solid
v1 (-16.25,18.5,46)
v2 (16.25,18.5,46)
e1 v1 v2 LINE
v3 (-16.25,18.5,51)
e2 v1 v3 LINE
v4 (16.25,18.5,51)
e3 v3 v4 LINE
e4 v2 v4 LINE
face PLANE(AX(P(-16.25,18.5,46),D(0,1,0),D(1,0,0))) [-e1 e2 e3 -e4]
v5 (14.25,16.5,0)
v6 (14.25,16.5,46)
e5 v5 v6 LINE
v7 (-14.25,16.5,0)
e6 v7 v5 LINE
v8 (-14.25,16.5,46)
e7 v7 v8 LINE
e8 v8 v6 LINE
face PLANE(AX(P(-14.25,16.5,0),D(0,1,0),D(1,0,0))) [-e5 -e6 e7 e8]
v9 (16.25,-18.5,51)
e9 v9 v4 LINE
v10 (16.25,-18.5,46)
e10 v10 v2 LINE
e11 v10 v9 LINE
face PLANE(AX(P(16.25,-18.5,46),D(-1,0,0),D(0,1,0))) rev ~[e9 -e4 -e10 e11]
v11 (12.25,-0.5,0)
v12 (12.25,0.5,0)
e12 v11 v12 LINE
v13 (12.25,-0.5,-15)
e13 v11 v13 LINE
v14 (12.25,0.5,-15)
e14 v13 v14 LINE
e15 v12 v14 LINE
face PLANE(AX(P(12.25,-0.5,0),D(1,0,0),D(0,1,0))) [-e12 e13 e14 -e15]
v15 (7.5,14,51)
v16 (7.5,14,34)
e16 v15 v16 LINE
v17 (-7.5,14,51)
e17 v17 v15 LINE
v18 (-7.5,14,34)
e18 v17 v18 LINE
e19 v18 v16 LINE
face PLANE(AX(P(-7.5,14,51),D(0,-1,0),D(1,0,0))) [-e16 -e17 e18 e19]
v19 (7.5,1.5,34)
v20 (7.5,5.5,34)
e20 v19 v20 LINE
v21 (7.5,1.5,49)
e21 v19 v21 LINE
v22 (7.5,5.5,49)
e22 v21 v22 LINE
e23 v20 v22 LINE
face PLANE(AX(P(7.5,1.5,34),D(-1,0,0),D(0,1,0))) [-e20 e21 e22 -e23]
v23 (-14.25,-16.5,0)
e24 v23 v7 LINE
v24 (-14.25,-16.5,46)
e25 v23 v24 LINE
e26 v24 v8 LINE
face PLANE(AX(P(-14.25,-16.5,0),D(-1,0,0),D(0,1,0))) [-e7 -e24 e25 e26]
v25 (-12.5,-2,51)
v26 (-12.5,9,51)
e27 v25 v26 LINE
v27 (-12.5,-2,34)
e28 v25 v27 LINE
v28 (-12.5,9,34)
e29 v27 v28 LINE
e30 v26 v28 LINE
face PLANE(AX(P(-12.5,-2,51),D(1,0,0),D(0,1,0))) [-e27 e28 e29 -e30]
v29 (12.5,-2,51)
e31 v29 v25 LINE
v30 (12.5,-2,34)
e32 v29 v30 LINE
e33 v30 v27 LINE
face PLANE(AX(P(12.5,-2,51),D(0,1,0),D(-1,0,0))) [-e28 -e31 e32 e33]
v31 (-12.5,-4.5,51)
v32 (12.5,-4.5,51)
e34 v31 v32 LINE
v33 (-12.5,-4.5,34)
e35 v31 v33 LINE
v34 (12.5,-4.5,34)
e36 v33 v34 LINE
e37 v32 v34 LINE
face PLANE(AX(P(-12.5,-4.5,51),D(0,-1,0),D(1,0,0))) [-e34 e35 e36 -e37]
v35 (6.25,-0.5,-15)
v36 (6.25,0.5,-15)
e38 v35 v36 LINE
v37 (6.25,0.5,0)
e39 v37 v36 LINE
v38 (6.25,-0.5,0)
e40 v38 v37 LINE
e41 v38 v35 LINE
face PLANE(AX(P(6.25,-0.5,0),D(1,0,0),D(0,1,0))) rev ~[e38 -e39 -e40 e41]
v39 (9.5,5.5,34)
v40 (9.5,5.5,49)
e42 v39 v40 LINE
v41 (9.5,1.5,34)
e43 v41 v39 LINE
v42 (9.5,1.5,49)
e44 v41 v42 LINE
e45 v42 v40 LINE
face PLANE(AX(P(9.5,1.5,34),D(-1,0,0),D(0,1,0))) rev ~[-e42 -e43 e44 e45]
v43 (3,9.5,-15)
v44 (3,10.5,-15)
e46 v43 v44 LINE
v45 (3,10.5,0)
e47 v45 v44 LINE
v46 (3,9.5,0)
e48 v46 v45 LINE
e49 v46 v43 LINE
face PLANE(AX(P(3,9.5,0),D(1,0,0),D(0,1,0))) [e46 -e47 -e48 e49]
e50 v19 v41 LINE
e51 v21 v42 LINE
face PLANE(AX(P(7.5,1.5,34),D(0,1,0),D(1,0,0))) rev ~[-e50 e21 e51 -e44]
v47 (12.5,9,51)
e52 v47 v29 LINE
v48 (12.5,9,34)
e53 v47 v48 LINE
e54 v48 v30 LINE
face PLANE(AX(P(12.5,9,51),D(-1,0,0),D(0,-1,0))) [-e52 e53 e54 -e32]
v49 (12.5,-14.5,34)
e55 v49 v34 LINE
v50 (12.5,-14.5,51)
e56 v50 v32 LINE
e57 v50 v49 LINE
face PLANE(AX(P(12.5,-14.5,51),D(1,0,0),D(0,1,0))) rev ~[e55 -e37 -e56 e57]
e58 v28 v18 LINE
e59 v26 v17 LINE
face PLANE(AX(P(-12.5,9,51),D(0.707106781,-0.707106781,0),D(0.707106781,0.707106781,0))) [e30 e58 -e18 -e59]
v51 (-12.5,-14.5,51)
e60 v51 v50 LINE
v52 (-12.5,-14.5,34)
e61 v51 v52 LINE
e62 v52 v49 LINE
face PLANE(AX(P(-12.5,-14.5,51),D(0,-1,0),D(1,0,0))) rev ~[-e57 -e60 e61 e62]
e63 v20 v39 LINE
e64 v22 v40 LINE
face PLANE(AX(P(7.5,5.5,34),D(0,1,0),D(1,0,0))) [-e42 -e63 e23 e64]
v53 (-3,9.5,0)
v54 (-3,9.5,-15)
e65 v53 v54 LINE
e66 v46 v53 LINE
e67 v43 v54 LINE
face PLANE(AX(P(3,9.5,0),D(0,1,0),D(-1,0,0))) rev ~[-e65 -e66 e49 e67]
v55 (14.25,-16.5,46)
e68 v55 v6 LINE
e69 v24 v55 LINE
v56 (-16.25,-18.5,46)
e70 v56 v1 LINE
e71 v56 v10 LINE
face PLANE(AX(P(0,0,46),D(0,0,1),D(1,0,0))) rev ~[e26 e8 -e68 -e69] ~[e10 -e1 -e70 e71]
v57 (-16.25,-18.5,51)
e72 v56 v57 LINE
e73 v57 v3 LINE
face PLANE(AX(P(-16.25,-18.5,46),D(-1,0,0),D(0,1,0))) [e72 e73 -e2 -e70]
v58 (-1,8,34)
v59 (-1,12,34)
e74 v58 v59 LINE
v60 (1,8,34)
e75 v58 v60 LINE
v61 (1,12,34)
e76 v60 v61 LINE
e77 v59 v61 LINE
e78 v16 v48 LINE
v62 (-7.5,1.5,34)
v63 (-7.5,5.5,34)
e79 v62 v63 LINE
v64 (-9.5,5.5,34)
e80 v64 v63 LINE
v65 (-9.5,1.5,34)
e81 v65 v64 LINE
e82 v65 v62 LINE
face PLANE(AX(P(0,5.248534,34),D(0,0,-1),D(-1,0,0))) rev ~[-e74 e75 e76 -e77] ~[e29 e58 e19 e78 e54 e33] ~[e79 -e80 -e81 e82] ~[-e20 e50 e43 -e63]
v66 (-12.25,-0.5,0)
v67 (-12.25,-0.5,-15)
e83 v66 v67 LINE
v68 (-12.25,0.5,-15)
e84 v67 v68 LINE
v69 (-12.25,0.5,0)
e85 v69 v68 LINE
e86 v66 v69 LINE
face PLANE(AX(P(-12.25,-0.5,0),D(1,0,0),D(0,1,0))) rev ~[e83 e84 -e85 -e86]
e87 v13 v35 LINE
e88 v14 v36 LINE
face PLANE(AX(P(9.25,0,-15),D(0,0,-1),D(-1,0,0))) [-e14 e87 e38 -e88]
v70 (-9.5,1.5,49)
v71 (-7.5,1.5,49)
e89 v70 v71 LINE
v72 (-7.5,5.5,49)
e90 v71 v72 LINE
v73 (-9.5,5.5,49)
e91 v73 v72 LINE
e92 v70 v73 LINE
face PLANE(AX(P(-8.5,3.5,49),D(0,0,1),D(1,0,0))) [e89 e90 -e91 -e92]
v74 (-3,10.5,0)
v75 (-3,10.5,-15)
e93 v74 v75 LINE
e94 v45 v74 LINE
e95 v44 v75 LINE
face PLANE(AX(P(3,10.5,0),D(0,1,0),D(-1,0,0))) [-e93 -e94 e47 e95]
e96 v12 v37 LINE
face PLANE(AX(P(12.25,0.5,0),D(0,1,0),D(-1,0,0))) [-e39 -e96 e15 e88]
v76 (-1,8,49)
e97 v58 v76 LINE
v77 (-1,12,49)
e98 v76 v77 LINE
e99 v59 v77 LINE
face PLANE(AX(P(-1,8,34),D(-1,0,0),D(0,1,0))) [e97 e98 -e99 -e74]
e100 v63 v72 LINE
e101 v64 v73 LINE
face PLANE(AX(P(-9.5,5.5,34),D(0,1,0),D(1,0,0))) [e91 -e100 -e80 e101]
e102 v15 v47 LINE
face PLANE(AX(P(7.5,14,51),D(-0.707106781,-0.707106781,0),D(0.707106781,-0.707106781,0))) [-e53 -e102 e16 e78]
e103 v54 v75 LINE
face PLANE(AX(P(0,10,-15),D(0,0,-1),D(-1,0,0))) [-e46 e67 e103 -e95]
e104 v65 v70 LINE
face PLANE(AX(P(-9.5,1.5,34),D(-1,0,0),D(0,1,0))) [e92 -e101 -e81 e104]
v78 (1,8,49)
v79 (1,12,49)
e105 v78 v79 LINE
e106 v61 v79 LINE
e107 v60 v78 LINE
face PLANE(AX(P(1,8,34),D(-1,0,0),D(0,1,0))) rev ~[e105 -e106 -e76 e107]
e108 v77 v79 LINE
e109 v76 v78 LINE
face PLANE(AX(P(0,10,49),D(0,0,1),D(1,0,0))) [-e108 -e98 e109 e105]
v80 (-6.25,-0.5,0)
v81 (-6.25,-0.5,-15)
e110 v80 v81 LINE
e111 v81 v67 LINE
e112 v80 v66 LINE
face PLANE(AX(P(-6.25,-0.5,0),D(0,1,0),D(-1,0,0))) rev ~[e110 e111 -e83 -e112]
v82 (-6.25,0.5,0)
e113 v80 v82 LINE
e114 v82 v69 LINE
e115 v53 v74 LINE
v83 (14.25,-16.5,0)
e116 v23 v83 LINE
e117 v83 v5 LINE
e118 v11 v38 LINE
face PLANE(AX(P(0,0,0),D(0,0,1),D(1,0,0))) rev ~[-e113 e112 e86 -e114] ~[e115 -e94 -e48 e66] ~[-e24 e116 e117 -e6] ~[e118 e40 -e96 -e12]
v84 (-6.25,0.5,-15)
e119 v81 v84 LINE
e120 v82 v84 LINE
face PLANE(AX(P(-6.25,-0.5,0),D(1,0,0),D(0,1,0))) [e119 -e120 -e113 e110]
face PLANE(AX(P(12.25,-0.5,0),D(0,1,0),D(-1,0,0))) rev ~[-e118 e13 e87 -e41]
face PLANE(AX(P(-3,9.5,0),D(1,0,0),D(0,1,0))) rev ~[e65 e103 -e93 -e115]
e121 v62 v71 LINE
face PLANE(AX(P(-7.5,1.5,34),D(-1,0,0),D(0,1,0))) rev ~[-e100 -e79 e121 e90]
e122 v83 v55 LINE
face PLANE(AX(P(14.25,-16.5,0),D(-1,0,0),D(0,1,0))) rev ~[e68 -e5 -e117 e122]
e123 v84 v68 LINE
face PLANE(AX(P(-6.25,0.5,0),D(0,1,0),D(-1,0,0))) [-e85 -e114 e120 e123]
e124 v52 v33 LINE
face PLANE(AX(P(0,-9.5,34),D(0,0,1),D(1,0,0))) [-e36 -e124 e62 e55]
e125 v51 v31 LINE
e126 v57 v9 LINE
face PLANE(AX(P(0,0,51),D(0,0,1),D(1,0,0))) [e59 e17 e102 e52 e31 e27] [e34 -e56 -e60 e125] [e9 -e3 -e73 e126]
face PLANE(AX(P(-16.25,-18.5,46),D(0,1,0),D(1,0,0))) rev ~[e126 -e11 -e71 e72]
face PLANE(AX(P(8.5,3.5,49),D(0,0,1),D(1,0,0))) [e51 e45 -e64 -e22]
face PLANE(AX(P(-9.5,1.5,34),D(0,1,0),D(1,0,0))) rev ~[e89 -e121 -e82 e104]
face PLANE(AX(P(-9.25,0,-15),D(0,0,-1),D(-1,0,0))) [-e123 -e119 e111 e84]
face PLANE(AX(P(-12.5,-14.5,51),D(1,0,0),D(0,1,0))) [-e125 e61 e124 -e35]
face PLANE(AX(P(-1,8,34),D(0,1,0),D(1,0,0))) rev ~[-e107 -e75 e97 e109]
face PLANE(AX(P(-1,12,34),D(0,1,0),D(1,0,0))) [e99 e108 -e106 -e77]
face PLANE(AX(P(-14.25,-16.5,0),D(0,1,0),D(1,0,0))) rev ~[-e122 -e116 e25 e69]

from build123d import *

# Parameters (mm, degrees)
SKETCH1_W           = 28.5
SKETCH1_H           = 33
BOSS_EXTRUDE1_DEPTH = 46
SKETCH2_W           = 32.5
SKETCH2_H           = 37
BOSS_EXTRUDE2_DEPTH = 5
SKETCH3_W           = 25
SKETCH3_H           = 10
CUT_EXTRUDE1_DEPTH  = 17
SKETCH4_W           = 2
SKETCH4_H           = 4
BOSS_EXTRUDE3_DEPTH = 15
SKETCH5_W           = 6
SKETCH5_H           = 1
BOSS_EXTRUDE4_DEPTH = 15


with BuildPart() as part:
    # Sketch1 → Boss-Extrude1 (new body)
    with BuildSketch(Plane.XY):
        Rectangle(SKETCH1_W, SKETCH1_H)
    extrude(amount=BOSS_EXTRUDE1_DEPTH)

    # Sketch2 → Boss-Extrude2 (add)
    with BuildSketch(Plane.XY.offset(46)):
        Rectangle(SKETCH2_W, SKETCH2_H)
    extrude(amount=BOSS_EXTRUDE2_DEPTH)

    # Sketch3 → Cut-Extrude1 (cut)
    with BuildSketch(Plane.XY.offset(51)):
        Polygon((12.5, -2), (-12.5, -2), (-12.5, 9), (-7.5, 14), (7.5, 14), (12.5, 9), align=None)
        with Locations((0, -9.5)):
            Rectangle(SKETCH3_W, SKETCH3_H)
    extrude(amount=-CUT_EXTRUDE1_DEPTH, mode=Mode.SUBTRACT)

    # Sketch4 → Boss-Extrude3 (add)
    with BuildSketch(Plane.XY.offset(34)):
        with Locations((-8.5, 3.5)):
            Rectangle(SKETCH4_W, SKETCH4_H)
        with Locations((0, 10)):
            Rectangle(SKETCH4_W, SKETCH4_H)
        with Locations((8.5, 3.5)):
            Rectangle(SKETCH4_W, SKETCH4_H)
    extrude(amount=BOSS_EXTRUDE3_DEPTH)

    # Sketch5 → Boss-Extrude4 (add)
    with BuildSketch(Plane(origin=(0, 0, 0), x_dir=(-1, 0, 0), z_dir=(0, 0, -1))):
        with Locations((-9.25, 0)):
            Rectangle(SKETCH5_W, SKETCH5_H)
        with Locations((0, 10)):
            Rectangle(SKETCH5_W, SKETCH5_H)
        with Locations((9.25, 0)):
            Rectangle(SKETCH5_W, SKETCH5_H)
    extrude(amount=BOSS_EXTRUDE4_DEPTH)


solid = part.part
